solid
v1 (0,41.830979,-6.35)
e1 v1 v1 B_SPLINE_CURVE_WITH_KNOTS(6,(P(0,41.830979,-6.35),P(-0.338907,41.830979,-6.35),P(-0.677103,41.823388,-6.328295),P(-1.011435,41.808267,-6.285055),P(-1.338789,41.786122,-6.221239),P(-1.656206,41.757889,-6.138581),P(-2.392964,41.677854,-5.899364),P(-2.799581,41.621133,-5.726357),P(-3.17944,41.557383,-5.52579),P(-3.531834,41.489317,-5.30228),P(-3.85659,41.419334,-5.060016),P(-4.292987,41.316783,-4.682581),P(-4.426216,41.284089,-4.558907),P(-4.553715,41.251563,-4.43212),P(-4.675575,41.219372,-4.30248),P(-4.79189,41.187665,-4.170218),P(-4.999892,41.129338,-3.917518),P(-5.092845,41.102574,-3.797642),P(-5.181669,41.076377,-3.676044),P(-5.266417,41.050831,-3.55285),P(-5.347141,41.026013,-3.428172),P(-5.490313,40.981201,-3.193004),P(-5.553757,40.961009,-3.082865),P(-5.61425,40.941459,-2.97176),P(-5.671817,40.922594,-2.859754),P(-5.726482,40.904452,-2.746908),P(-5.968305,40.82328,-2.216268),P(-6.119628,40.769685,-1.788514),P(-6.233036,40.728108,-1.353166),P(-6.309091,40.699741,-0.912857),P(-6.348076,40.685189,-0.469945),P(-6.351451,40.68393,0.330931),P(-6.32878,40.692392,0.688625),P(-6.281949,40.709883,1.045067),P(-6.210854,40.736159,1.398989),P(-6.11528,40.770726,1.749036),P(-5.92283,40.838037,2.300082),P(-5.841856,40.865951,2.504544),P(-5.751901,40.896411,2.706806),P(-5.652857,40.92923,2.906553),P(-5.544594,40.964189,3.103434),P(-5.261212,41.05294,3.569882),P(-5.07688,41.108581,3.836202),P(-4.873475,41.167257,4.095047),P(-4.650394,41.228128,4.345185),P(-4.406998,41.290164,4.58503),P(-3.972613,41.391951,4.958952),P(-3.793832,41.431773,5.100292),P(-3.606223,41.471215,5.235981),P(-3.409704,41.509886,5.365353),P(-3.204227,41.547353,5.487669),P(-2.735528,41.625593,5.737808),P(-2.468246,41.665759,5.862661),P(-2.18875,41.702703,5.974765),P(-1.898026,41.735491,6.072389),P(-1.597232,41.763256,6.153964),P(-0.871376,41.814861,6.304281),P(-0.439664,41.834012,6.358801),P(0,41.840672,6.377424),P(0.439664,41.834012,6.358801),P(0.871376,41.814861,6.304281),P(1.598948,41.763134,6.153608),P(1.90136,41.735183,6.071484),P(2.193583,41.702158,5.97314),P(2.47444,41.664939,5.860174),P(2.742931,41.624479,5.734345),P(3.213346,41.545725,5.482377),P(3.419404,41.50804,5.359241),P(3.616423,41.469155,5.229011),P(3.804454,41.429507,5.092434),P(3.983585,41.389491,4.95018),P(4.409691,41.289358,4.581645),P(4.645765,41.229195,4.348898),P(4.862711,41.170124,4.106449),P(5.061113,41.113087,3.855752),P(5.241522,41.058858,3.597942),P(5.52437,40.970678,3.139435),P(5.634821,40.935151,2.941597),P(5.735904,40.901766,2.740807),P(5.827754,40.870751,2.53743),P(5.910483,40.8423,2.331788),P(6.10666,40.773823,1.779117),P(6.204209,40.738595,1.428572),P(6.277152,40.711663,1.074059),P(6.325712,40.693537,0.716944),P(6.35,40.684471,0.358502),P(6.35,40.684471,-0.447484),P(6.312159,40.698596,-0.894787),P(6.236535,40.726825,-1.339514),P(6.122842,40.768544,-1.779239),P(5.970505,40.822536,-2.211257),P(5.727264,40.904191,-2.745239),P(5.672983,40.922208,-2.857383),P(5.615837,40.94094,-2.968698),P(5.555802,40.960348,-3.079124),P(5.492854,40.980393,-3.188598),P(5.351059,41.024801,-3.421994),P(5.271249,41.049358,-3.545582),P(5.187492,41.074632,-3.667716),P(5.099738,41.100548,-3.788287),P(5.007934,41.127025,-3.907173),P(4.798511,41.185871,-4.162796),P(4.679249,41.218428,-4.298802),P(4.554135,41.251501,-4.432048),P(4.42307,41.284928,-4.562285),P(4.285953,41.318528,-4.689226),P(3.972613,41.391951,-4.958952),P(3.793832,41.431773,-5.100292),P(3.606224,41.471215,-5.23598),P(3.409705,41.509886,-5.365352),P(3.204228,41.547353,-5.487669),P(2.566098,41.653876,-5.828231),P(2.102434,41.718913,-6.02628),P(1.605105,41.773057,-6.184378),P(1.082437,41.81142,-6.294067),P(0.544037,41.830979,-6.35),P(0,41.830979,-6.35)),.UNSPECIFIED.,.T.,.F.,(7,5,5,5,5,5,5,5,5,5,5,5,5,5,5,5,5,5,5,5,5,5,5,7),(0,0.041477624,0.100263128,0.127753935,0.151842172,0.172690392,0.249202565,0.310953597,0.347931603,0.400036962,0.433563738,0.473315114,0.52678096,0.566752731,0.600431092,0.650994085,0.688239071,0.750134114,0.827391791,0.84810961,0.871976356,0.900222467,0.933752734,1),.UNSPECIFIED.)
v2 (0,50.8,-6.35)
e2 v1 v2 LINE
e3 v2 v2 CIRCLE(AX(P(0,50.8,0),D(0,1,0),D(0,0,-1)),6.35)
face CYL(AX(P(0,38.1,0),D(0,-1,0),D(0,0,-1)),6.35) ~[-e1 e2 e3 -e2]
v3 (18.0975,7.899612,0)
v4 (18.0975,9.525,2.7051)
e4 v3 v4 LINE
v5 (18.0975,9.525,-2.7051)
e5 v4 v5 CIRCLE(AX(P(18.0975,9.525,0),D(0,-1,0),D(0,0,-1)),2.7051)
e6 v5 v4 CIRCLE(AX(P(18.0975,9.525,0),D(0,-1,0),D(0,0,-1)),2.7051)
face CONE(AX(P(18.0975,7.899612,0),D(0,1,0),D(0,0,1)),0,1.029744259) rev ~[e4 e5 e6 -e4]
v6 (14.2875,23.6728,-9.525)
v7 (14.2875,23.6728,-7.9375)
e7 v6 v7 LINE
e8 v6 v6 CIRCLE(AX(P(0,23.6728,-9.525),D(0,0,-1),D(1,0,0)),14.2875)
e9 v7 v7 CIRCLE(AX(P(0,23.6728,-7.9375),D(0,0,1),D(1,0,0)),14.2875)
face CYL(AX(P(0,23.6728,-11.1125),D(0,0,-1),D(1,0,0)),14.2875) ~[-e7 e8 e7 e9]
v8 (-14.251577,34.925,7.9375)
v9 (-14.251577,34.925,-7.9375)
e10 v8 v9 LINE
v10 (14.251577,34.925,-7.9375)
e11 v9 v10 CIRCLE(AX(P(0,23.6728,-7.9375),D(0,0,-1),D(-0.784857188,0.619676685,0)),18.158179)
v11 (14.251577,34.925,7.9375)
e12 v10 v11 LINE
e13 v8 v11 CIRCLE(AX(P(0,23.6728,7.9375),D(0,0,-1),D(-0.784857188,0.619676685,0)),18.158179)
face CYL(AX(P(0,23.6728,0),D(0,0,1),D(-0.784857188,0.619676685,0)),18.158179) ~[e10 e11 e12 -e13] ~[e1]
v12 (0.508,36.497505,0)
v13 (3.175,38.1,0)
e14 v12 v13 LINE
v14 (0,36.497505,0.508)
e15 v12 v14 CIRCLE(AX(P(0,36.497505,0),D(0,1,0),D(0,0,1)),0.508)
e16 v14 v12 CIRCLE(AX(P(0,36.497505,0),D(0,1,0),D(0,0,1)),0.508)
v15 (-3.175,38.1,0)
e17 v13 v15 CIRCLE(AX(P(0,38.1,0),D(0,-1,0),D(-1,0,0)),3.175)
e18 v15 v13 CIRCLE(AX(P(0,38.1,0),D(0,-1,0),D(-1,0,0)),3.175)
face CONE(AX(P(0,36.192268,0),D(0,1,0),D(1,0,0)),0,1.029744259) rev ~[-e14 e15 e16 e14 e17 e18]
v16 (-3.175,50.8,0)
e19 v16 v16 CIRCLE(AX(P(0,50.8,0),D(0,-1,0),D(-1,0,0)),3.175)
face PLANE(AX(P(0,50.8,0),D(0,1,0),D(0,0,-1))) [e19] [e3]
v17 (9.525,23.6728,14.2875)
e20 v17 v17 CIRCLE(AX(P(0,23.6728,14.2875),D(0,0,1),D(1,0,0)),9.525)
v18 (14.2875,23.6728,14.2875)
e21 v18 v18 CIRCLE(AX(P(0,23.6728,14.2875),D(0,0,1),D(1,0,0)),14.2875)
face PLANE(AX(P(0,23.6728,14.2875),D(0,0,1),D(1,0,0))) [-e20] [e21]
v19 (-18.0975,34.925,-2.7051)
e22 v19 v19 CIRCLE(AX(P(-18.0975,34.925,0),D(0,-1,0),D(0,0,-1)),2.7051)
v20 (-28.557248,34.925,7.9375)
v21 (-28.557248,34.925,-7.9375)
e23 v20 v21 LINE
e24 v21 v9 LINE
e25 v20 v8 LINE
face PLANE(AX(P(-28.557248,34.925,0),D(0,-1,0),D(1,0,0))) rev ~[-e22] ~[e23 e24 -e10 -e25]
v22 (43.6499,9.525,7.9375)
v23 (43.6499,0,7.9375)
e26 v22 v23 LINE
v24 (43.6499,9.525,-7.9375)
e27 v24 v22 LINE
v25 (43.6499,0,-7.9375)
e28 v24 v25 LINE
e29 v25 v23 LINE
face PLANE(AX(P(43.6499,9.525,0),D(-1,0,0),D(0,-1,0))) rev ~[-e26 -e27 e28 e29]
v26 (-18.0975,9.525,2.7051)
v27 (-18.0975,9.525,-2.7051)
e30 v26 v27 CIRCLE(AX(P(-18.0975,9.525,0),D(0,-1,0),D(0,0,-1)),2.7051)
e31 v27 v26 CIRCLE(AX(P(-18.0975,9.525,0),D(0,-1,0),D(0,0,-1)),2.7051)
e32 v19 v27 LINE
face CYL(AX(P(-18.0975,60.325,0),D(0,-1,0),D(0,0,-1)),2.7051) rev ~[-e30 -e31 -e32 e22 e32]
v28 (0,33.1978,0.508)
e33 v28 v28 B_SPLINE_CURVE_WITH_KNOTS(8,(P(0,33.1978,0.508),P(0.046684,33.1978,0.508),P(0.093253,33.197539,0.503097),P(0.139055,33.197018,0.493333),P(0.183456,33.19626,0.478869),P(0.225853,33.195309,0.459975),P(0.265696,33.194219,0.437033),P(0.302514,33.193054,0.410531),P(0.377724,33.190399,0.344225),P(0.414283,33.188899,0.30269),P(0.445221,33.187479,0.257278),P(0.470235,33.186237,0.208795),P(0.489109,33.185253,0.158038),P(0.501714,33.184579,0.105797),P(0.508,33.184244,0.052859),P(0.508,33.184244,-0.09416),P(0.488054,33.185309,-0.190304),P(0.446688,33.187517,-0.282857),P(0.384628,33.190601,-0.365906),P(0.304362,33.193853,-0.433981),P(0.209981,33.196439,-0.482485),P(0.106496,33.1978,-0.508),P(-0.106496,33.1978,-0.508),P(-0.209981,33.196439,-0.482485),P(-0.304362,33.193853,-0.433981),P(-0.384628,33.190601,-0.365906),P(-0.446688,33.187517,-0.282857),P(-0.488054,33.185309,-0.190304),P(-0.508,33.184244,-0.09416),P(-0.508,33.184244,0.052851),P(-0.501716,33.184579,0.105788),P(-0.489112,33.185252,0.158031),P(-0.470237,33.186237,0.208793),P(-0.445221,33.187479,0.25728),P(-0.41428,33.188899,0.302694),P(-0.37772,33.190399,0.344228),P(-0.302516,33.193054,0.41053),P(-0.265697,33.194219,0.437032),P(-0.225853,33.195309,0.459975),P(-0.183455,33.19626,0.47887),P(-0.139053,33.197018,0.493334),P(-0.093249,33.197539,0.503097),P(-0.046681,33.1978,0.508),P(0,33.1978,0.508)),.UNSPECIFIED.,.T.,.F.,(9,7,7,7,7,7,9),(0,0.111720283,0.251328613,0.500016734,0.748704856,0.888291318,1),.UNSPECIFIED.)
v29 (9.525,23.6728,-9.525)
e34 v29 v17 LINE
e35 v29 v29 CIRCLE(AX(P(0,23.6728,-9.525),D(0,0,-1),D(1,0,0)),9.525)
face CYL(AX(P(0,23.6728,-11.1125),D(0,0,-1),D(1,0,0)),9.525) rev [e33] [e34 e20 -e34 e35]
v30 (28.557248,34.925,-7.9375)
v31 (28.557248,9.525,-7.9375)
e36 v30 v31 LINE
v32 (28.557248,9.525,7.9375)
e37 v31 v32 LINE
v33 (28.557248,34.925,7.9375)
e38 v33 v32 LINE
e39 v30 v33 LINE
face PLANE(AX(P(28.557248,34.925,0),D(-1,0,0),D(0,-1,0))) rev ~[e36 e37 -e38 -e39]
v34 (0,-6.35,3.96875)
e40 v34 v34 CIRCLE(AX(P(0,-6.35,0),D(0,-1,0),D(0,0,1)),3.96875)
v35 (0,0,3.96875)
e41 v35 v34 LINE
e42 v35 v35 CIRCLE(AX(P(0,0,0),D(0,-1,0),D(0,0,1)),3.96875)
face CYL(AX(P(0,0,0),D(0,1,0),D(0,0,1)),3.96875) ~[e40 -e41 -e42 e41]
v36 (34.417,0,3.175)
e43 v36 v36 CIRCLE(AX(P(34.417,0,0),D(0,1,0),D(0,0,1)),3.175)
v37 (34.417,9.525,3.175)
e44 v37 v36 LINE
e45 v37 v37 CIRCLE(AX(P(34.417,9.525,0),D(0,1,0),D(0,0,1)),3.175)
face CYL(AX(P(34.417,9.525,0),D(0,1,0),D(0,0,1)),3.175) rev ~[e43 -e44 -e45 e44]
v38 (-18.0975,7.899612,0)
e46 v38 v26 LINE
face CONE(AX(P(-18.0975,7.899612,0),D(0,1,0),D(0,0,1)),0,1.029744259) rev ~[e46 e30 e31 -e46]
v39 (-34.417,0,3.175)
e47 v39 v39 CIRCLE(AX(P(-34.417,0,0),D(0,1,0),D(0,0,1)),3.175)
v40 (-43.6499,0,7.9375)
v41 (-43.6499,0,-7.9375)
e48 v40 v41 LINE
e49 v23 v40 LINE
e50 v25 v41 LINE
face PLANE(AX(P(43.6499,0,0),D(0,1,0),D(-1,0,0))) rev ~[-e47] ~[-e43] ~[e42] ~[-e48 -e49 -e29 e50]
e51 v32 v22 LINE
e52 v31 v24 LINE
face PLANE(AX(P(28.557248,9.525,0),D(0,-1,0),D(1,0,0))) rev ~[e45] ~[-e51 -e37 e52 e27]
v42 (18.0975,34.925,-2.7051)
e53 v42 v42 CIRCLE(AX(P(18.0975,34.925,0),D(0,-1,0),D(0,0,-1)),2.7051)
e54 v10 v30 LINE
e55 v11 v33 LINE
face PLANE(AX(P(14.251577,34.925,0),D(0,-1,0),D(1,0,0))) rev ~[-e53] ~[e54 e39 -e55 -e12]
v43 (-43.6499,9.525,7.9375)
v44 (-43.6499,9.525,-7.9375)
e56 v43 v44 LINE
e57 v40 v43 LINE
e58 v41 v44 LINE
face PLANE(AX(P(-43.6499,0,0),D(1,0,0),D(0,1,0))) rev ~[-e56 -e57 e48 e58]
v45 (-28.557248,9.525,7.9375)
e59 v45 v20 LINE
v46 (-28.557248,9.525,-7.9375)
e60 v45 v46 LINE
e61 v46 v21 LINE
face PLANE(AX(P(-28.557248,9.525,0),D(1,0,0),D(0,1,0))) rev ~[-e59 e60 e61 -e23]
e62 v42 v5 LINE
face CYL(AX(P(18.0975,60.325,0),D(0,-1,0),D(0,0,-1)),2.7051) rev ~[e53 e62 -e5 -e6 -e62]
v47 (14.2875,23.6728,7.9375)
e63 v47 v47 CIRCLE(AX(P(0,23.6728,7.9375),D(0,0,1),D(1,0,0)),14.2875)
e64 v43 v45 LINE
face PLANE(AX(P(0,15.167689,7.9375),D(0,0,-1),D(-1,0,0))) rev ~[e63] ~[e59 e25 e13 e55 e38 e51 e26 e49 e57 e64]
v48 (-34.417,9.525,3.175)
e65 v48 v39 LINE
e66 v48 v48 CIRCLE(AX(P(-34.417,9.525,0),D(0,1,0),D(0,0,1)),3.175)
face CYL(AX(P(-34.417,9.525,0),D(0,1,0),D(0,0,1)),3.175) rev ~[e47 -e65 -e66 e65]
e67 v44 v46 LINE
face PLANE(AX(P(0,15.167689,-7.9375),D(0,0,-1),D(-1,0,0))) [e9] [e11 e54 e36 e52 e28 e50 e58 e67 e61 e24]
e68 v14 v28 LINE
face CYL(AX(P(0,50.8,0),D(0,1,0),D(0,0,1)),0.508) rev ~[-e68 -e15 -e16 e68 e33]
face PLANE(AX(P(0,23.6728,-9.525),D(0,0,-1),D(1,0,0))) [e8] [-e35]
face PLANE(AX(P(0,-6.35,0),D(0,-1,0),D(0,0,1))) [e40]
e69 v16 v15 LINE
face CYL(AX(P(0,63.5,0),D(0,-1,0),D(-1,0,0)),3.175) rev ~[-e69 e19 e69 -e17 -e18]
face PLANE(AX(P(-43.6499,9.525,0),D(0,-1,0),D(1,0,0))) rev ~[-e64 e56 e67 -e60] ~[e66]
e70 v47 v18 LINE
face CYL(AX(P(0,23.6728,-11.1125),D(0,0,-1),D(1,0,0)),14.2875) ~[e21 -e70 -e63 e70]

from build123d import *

# Parameters (mm, degrees)
SKETCH2_R                       = 14.2875
BOSS_EXTRUDE1_DEPTH             = 7.9375
BOSS_EXTRUDE2_DEPTH             = 14.2875
BOSS_EXTRUDE2_DEPTH_BACK        = 11.1125
SKETCH4_R                       = 14.2875
SKETCH4_R_2                     = 9.525
SKETCH5_R                       = 3.96875
BOSS_EXTRUDE3_DEPTH             = 6.35
SKETCH6_R                       = 6.35
BOSS_EXTRUDE4_DEPTH             = 12.7
SKETCH7_R                       = 3.175
CUT_EXTRUDE1_DEPTH              = 19.05
F_1_4_28_TAPPED_HOLE1_D         = 5.4102
F_1_4_28_TAPPED_HOLE1_DEPTH     = 25.4
F_1_4_28_TAPPED_HOLE1_TIP       = 1.625388061
F_1_4_0_25_DIAMETER_HOLE1_D     = 6.35
F_1_4_0_25_DIAMETER_HOLE1_DEPTH = 12.7
F_1_4_0_25_DIAMETER_HOLE1_TIP   = 1.907732465
SKETCH21_R                      = 0.508
CUT_EXTRUDE2_DEPTH              = 19.05
CUT_EXTRUDE3_START              = -1.5875
SKETCH22_R                      = 14.2875
SKETCH22_R_2                    = 9.525
CUT_EXTRUDE3_DEPTH              = 1.5875


with BuildPart() as part:
    # Sketch2 → Boss-Extrude1 (new, symmetric)
    with BuildSketch(Plane.XY):
        with BuildLine():
            Line((43.6499, 0), (-43.6499, 0))
            Line((-43.6499, 0), (-43.6499, 9.525))
            Line((-43.6499, 9.525), (-28.557248061, 9.525))
            Line((-28.557248061, 9.525), (-28.557248061, 34.925))
            Line((-28.557248061, 34.925), (-14.251577109, 34.925))
            ThreePointArc((-14.251577109, 34.925), (0, 41.830978734), (14.251577109, 34.925))
            Line((14.251577109, 34.925), (28.557248061, 34.925))
            Line((28.557248061, 34.925), (28.557248061, 9.525))
            Line((28.557248061, 9.525), (43.6499, 9.525))
            Line((43.6499, 9.525), (43.6499, 0))
        make_face()
        with Locations((0, 23.6728)):
            Circle(SKETCH2_R, mode=Mode.SUBTRACT)
    extrude(amount=BOSS_EXTRUDE1_DEPTH, both=True)

    # Sketch4 → Boss-Extrude2 (add, two sides: drawn at the far end of the back side and taken through both)
    with BuildSketch(Plane.XY.offset(-BOSS_EXTRUDE2_DEPTH_BACK)):
        with Locations((0, 23.6728)):
            Circle(SKETCH4_R)
        with Locations((0, 23.6728)):
            Circle(SKETCH4_R_2, mode=Mode.SUBTRACT)
    extrude(amount=BOSS_EXTRUDE2_DEPTH + BOSS_EXTRUDE2_DEPTH_BACK)

    # Sketch5 → Boss-Extrude3 (add)
    with BuildSketch(Plane.XZ):
        with Locations(Location((0, 0, 0), (0, 0, 90))):
            Circle(SKETCH5_R)
    extrude(amount=BOSS_EXTRUDE3_DEPTH)

    # Sketch6 → Boss-Extrude4 (add)
    with BuildSketch(Plane(origin=(0, 38.1, 0), x_dir=(1, 0, 0), z_dir=(0, 1, 0))):
        with Locations(Location((0, 0, 0), (0, 0, 90))):
            Circle(SKETCH6_R)
    extrude(amount=BOSS_EXTRUDE4_DEPTH)

    # Sketch7 → Cut-Extrude1 (cut)
    with BuildSketch(Plane(origin=(0, 9.525, 0), x_dir=(1, 0, 0), z_dir=(0, 1, 0))):
        with Locations(Location((34.417, 0, 0), (0, 0, 270))):
            Circle(SKETCH7_R)
        with Locations(Location((-34.417, 0, 0), (0, 0, 270))):
            Circle(SKETCH7_R)
    extrude(amount=-CUT_EXTRUDE1_DEPTH, mode=Mode.SUBTRACT)

    # 1/4-28 Tapped Hole1
    with Locations(Plane(origin=(-18.0975, 34.925, 0), x_dir=(0, 0, 1), z_dir=(0, 1, 0))):
        with Locations((0, 0), (0, 36.195)):
            Hole(F_1_4_28_TAPPED_HOLE1_D / 2, depth=F_1_4_28_TAPPED_HOLE1_DEPTH)
            with Locations((0, 0, -(F_1_4_28_TAPPED_HOLE1_DEPTH + F_1_4_28_TAPPED_HOLE1_TIP / 2))):  # 118° drill point
                Cone(0, F_1_4_28_TAPPED_HOLE1_D / 2, F_1_4_28_TAPPED_HOLE1_TIP, mode=Mode.SUBTRACT)

    # 1/4 (0.25) Diameter Hole1
    with Locations(Plane(origin=(0, 50.8, 0), x_dir=(1, 0, 0), z_dir=(0, 1, 0))):
        with Locations((0, 0)):
            Hole(F_1_4_0_25_DIAMETER_HOLE1_D / 2, depth=F_1_4_0_25_DIAMETER_HOLE1_DEPTH)
            with Locations((0, 0, -(F_1_4_0_25_DIAMETER_HOLE1_DEPTH + F_1_4_0_25_DIAMETER_HOLE1_TIP / 2))):  # 118° drill point
                Cone(0, F_1_4_0_25_DIAMETER_HOLE1_D / 2, F_1_4_0_25_DIAMETER_HOLE1_TIP, mode=Mode.SUBTRACT)

    # Sketch21 → Cut-Extrude2 (cut)
    with BuildSketch(Plane(origin=(0, 50.8, 0), x_dir=(1, 0, 0), z_dir=(0, 1, 0))):
        with Locations(Location((0, 0, 0), (0, 0, 270))):
            Circle(SKETCH21_R)
    extrude(amount=-CUT_EXTRUDE2_DEPTH, mode=Mode.SUBTRACT)

    # Sketch22 → Cut-Extrude3 (cut)
    with BuildSketch(Plane(origin=(0, 0, -11.1125), x_dir=(-1, 0, 0), z_dir=(0, 0, -1)).offset(CUT_EXTRUDE3_START)):
        with Locations(Location((0, 23.6728, 0), (0, 0, 180))):
            Circle(SKETCH22_R)
        with Locations(Location((0, 23.6728, 0), (0, 0, 180))):
            Circle(SKETCH22_R_2, mode=Mode.SUBTRACT)
    extrude(amount=CUT_EXTRUDE3_DEPTH, mode=Mode.SUBTRACT)


solid = part.part
